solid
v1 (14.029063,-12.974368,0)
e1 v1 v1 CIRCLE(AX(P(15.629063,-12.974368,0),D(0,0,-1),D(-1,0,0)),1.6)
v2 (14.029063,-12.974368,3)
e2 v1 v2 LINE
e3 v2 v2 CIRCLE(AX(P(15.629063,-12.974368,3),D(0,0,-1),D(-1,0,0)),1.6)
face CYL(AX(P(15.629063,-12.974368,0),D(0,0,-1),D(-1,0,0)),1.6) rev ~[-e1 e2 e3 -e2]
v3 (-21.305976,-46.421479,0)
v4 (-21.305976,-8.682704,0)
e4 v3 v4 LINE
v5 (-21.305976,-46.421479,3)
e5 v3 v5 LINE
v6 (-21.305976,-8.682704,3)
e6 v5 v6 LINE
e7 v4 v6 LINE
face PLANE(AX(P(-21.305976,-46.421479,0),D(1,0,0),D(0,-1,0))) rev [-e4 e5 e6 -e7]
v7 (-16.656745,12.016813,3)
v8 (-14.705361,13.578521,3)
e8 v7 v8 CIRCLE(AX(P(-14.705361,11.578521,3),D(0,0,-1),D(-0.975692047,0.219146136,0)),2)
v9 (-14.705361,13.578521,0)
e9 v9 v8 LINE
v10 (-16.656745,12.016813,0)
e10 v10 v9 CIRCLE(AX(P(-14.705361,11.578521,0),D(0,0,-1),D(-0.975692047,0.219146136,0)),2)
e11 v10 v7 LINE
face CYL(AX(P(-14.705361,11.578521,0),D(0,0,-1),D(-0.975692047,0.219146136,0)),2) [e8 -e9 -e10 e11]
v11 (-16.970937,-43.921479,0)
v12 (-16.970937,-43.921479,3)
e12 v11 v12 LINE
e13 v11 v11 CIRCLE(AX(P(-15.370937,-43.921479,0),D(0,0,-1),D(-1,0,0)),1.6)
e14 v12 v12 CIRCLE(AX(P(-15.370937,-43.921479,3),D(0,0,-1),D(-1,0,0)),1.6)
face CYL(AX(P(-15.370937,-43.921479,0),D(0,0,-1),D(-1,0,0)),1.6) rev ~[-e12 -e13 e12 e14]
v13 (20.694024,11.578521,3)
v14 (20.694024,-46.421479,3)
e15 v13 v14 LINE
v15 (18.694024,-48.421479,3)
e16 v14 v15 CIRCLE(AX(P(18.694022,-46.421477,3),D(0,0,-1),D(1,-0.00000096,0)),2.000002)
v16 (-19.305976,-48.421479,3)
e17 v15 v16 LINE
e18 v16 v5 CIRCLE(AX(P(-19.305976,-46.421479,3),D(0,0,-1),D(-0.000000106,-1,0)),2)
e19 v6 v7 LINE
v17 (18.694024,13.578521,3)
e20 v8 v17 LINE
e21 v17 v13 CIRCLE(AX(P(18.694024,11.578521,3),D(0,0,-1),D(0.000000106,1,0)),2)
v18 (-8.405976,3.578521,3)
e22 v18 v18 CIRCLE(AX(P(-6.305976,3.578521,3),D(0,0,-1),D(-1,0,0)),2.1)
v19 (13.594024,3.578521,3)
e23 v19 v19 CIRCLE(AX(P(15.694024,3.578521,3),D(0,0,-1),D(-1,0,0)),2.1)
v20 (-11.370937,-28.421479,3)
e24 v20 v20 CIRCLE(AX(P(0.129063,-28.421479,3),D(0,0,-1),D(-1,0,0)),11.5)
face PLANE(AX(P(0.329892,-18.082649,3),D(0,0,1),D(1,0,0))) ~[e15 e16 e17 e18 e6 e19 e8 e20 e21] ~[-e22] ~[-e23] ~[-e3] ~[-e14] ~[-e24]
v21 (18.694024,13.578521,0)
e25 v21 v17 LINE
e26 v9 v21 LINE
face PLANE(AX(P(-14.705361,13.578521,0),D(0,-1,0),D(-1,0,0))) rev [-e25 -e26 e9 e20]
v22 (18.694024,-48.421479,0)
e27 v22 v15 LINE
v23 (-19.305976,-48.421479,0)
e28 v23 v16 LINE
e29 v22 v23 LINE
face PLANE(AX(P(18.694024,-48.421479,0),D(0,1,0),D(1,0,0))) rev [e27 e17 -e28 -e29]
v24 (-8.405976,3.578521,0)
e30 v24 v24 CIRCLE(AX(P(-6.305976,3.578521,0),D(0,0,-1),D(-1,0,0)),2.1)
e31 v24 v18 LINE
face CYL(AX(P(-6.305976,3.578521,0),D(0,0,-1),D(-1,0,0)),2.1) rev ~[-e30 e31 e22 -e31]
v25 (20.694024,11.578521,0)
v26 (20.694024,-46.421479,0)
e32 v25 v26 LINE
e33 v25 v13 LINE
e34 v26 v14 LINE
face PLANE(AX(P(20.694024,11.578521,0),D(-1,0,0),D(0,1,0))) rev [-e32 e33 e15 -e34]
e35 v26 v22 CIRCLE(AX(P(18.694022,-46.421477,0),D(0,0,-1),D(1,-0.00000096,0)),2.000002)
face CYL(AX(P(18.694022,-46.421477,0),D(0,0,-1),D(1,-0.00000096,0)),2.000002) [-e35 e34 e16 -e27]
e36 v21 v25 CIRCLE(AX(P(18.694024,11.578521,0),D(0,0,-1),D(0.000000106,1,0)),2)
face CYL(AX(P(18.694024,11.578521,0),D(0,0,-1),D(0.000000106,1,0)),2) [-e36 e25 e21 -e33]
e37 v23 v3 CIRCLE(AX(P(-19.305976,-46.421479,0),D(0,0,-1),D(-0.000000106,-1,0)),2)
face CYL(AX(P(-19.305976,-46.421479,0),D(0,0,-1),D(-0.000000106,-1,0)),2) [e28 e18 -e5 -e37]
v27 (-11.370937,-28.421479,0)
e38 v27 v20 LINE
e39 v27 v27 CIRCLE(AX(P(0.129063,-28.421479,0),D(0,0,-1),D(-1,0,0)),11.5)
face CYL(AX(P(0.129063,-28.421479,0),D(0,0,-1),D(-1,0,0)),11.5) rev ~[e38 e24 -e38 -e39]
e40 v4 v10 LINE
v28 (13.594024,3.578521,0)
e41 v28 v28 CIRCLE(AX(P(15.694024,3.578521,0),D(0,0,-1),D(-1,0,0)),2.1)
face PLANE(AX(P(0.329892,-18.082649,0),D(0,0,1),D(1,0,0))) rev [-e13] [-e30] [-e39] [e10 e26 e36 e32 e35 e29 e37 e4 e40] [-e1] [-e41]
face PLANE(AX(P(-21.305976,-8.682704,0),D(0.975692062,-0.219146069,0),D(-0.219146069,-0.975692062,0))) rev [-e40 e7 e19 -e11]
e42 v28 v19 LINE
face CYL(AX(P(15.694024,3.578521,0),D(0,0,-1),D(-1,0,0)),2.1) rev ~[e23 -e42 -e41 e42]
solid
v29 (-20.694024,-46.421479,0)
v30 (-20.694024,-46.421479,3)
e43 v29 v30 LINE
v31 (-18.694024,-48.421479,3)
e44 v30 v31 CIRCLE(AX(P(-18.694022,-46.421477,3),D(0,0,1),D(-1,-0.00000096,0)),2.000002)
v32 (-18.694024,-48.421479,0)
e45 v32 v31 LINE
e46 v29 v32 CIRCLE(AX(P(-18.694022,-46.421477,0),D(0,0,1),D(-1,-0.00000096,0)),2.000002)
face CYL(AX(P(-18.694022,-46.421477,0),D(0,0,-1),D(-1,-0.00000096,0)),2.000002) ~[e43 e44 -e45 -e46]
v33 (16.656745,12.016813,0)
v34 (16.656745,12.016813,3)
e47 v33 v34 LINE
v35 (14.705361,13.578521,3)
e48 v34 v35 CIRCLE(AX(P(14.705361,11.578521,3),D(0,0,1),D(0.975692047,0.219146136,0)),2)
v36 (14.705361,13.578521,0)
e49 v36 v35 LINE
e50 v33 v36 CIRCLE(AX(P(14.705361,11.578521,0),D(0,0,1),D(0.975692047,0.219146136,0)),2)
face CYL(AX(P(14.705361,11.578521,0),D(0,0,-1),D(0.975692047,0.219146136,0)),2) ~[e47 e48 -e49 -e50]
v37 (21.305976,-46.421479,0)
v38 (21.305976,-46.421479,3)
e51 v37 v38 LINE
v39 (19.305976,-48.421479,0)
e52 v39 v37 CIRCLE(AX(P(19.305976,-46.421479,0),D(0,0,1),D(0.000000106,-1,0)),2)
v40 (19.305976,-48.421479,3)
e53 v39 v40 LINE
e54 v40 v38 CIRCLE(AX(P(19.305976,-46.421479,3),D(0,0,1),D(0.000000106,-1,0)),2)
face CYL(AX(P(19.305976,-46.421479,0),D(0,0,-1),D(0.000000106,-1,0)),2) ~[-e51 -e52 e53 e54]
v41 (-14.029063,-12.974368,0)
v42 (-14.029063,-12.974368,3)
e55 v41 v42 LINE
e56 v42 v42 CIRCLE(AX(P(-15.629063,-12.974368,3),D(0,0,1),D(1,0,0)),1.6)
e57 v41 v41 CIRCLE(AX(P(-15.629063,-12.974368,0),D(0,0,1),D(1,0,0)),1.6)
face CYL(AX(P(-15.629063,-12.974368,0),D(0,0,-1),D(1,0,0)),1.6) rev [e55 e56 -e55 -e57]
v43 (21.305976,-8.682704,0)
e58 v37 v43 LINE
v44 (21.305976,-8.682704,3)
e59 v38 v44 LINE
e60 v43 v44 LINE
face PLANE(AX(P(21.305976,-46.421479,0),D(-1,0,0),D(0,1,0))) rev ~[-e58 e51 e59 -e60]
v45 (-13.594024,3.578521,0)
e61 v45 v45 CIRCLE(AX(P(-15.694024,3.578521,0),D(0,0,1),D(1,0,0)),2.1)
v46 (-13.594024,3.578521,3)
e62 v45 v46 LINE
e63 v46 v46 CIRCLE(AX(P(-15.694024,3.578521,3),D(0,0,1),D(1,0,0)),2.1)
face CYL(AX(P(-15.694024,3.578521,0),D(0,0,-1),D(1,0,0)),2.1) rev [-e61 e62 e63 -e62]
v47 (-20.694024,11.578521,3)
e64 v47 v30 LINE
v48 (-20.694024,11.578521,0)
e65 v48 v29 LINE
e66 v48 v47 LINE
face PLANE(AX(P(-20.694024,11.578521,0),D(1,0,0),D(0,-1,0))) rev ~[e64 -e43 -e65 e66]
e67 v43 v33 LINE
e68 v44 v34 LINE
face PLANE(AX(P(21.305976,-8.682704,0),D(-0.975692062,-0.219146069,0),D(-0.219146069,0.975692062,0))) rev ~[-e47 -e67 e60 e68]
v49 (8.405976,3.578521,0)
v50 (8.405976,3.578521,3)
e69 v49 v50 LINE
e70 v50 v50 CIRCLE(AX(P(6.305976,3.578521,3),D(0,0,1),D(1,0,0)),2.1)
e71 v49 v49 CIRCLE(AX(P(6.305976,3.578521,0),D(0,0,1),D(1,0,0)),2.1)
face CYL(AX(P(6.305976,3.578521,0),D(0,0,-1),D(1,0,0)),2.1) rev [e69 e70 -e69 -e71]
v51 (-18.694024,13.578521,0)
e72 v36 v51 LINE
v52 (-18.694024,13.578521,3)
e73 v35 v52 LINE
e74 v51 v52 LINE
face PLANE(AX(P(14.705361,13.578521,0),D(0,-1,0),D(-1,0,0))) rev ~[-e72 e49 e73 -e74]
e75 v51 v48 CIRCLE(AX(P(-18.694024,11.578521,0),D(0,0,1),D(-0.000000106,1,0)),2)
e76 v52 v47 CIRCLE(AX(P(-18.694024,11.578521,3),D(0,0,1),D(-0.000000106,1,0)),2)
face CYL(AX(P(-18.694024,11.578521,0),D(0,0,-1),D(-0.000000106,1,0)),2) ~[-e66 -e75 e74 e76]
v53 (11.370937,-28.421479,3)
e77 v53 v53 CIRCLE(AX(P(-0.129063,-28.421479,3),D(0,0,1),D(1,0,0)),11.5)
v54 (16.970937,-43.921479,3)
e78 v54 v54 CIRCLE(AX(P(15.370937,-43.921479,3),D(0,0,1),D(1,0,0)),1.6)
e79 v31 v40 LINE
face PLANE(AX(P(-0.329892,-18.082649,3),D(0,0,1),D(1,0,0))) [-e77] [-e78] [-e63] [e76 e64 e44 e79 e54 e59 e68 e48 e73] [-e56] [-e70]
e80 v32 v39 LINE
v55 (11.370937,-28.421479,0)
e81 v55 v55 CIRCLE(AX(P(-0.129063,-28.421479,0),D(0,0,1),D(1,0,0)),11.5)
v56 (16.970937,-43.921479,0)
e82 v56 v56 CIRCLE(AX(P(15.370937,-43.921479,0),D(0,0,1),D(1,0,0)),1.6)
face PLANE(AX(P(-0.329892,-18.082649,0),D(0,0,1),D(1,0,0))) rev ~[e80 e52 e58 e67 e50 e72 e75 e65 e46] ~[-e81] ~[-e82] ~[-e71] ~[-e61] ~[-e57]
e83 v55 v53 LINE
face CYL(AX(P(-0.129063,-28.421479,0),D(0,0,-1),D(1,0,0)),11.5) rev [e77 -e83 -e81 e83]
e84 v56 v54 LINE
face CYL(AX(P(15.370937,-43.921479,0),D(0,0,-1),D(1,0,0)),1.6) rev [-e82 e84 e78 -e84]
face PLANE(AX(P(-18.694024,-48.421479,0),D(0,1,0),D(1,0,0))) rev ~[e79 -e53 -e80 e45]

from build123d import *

# Parameters (mm, degrees)
F0_R     = 11.5
F0_R_2   = 1.6
F0_R_3   = 2.1
F1_DEPTH = 3


with BuildPart() as f1:
    # F0 (on Top) → F1 (new body)
    with BuildSketch(Plane.XY):
        with BuildLine():
            Line((14.705361, 13.578521), (-18.694024, 13.578521))
            ThreePointArc((-18.694024, 13.578521), (-20.108237, 12.992735), (-20.694024, 11.578521))
            Line((-20.694024, 11.578521), (-20.694024, -46.421479))
            ThreePointArc((-20.694024, -46.421479), (-20.108237, -47.835692), (-18.694024, -48.421479))
            Line((-18.694024, -48.421479), (19.305976, -48.421479))
            ThreePointArc((19.305976, -48.421479), (20.72019, -47.835692), (21.305976, -46.421479))
            Line((21.305976, -46.421479), (21.305976, -8.682704))
            Line((21.305976, -8.682704), (16.656745, 12.016813))
            ThreePointArc((16.656745, 12.016813), (15.955044, 13.140024), (14.705361, 13.578521))
        make_face()
        with Locations((-0.129063, -28.421479)):
            Circle(F0_R, mode=Mode.SUBTRACT)
        with Locations((15.370937, -43.921479)):
            Circle(F0_R_2, mode=Mode.SUBTRACT)
        with Locations((-15.629063, -12.974368)):
            Circle(F0_R_2, mode=Mode.SUBTRACT)
        with Locations((-15.694024, 3.578521)):
            Circle(F0_R_3, mode=Mode.SUBTRACT)
        with Locations((6.305976, 3.578521)):
            Circle(F0_R_3, mode=Mode.SUBTRACT)
    extrude(amount=F1_DEPTH)


with BuildPart() as f2_1:
    # F2: instance of F1
    add(f1.part.mirror(Plane.YZ))


solid = Compound([f1.part, f2_1.part])
